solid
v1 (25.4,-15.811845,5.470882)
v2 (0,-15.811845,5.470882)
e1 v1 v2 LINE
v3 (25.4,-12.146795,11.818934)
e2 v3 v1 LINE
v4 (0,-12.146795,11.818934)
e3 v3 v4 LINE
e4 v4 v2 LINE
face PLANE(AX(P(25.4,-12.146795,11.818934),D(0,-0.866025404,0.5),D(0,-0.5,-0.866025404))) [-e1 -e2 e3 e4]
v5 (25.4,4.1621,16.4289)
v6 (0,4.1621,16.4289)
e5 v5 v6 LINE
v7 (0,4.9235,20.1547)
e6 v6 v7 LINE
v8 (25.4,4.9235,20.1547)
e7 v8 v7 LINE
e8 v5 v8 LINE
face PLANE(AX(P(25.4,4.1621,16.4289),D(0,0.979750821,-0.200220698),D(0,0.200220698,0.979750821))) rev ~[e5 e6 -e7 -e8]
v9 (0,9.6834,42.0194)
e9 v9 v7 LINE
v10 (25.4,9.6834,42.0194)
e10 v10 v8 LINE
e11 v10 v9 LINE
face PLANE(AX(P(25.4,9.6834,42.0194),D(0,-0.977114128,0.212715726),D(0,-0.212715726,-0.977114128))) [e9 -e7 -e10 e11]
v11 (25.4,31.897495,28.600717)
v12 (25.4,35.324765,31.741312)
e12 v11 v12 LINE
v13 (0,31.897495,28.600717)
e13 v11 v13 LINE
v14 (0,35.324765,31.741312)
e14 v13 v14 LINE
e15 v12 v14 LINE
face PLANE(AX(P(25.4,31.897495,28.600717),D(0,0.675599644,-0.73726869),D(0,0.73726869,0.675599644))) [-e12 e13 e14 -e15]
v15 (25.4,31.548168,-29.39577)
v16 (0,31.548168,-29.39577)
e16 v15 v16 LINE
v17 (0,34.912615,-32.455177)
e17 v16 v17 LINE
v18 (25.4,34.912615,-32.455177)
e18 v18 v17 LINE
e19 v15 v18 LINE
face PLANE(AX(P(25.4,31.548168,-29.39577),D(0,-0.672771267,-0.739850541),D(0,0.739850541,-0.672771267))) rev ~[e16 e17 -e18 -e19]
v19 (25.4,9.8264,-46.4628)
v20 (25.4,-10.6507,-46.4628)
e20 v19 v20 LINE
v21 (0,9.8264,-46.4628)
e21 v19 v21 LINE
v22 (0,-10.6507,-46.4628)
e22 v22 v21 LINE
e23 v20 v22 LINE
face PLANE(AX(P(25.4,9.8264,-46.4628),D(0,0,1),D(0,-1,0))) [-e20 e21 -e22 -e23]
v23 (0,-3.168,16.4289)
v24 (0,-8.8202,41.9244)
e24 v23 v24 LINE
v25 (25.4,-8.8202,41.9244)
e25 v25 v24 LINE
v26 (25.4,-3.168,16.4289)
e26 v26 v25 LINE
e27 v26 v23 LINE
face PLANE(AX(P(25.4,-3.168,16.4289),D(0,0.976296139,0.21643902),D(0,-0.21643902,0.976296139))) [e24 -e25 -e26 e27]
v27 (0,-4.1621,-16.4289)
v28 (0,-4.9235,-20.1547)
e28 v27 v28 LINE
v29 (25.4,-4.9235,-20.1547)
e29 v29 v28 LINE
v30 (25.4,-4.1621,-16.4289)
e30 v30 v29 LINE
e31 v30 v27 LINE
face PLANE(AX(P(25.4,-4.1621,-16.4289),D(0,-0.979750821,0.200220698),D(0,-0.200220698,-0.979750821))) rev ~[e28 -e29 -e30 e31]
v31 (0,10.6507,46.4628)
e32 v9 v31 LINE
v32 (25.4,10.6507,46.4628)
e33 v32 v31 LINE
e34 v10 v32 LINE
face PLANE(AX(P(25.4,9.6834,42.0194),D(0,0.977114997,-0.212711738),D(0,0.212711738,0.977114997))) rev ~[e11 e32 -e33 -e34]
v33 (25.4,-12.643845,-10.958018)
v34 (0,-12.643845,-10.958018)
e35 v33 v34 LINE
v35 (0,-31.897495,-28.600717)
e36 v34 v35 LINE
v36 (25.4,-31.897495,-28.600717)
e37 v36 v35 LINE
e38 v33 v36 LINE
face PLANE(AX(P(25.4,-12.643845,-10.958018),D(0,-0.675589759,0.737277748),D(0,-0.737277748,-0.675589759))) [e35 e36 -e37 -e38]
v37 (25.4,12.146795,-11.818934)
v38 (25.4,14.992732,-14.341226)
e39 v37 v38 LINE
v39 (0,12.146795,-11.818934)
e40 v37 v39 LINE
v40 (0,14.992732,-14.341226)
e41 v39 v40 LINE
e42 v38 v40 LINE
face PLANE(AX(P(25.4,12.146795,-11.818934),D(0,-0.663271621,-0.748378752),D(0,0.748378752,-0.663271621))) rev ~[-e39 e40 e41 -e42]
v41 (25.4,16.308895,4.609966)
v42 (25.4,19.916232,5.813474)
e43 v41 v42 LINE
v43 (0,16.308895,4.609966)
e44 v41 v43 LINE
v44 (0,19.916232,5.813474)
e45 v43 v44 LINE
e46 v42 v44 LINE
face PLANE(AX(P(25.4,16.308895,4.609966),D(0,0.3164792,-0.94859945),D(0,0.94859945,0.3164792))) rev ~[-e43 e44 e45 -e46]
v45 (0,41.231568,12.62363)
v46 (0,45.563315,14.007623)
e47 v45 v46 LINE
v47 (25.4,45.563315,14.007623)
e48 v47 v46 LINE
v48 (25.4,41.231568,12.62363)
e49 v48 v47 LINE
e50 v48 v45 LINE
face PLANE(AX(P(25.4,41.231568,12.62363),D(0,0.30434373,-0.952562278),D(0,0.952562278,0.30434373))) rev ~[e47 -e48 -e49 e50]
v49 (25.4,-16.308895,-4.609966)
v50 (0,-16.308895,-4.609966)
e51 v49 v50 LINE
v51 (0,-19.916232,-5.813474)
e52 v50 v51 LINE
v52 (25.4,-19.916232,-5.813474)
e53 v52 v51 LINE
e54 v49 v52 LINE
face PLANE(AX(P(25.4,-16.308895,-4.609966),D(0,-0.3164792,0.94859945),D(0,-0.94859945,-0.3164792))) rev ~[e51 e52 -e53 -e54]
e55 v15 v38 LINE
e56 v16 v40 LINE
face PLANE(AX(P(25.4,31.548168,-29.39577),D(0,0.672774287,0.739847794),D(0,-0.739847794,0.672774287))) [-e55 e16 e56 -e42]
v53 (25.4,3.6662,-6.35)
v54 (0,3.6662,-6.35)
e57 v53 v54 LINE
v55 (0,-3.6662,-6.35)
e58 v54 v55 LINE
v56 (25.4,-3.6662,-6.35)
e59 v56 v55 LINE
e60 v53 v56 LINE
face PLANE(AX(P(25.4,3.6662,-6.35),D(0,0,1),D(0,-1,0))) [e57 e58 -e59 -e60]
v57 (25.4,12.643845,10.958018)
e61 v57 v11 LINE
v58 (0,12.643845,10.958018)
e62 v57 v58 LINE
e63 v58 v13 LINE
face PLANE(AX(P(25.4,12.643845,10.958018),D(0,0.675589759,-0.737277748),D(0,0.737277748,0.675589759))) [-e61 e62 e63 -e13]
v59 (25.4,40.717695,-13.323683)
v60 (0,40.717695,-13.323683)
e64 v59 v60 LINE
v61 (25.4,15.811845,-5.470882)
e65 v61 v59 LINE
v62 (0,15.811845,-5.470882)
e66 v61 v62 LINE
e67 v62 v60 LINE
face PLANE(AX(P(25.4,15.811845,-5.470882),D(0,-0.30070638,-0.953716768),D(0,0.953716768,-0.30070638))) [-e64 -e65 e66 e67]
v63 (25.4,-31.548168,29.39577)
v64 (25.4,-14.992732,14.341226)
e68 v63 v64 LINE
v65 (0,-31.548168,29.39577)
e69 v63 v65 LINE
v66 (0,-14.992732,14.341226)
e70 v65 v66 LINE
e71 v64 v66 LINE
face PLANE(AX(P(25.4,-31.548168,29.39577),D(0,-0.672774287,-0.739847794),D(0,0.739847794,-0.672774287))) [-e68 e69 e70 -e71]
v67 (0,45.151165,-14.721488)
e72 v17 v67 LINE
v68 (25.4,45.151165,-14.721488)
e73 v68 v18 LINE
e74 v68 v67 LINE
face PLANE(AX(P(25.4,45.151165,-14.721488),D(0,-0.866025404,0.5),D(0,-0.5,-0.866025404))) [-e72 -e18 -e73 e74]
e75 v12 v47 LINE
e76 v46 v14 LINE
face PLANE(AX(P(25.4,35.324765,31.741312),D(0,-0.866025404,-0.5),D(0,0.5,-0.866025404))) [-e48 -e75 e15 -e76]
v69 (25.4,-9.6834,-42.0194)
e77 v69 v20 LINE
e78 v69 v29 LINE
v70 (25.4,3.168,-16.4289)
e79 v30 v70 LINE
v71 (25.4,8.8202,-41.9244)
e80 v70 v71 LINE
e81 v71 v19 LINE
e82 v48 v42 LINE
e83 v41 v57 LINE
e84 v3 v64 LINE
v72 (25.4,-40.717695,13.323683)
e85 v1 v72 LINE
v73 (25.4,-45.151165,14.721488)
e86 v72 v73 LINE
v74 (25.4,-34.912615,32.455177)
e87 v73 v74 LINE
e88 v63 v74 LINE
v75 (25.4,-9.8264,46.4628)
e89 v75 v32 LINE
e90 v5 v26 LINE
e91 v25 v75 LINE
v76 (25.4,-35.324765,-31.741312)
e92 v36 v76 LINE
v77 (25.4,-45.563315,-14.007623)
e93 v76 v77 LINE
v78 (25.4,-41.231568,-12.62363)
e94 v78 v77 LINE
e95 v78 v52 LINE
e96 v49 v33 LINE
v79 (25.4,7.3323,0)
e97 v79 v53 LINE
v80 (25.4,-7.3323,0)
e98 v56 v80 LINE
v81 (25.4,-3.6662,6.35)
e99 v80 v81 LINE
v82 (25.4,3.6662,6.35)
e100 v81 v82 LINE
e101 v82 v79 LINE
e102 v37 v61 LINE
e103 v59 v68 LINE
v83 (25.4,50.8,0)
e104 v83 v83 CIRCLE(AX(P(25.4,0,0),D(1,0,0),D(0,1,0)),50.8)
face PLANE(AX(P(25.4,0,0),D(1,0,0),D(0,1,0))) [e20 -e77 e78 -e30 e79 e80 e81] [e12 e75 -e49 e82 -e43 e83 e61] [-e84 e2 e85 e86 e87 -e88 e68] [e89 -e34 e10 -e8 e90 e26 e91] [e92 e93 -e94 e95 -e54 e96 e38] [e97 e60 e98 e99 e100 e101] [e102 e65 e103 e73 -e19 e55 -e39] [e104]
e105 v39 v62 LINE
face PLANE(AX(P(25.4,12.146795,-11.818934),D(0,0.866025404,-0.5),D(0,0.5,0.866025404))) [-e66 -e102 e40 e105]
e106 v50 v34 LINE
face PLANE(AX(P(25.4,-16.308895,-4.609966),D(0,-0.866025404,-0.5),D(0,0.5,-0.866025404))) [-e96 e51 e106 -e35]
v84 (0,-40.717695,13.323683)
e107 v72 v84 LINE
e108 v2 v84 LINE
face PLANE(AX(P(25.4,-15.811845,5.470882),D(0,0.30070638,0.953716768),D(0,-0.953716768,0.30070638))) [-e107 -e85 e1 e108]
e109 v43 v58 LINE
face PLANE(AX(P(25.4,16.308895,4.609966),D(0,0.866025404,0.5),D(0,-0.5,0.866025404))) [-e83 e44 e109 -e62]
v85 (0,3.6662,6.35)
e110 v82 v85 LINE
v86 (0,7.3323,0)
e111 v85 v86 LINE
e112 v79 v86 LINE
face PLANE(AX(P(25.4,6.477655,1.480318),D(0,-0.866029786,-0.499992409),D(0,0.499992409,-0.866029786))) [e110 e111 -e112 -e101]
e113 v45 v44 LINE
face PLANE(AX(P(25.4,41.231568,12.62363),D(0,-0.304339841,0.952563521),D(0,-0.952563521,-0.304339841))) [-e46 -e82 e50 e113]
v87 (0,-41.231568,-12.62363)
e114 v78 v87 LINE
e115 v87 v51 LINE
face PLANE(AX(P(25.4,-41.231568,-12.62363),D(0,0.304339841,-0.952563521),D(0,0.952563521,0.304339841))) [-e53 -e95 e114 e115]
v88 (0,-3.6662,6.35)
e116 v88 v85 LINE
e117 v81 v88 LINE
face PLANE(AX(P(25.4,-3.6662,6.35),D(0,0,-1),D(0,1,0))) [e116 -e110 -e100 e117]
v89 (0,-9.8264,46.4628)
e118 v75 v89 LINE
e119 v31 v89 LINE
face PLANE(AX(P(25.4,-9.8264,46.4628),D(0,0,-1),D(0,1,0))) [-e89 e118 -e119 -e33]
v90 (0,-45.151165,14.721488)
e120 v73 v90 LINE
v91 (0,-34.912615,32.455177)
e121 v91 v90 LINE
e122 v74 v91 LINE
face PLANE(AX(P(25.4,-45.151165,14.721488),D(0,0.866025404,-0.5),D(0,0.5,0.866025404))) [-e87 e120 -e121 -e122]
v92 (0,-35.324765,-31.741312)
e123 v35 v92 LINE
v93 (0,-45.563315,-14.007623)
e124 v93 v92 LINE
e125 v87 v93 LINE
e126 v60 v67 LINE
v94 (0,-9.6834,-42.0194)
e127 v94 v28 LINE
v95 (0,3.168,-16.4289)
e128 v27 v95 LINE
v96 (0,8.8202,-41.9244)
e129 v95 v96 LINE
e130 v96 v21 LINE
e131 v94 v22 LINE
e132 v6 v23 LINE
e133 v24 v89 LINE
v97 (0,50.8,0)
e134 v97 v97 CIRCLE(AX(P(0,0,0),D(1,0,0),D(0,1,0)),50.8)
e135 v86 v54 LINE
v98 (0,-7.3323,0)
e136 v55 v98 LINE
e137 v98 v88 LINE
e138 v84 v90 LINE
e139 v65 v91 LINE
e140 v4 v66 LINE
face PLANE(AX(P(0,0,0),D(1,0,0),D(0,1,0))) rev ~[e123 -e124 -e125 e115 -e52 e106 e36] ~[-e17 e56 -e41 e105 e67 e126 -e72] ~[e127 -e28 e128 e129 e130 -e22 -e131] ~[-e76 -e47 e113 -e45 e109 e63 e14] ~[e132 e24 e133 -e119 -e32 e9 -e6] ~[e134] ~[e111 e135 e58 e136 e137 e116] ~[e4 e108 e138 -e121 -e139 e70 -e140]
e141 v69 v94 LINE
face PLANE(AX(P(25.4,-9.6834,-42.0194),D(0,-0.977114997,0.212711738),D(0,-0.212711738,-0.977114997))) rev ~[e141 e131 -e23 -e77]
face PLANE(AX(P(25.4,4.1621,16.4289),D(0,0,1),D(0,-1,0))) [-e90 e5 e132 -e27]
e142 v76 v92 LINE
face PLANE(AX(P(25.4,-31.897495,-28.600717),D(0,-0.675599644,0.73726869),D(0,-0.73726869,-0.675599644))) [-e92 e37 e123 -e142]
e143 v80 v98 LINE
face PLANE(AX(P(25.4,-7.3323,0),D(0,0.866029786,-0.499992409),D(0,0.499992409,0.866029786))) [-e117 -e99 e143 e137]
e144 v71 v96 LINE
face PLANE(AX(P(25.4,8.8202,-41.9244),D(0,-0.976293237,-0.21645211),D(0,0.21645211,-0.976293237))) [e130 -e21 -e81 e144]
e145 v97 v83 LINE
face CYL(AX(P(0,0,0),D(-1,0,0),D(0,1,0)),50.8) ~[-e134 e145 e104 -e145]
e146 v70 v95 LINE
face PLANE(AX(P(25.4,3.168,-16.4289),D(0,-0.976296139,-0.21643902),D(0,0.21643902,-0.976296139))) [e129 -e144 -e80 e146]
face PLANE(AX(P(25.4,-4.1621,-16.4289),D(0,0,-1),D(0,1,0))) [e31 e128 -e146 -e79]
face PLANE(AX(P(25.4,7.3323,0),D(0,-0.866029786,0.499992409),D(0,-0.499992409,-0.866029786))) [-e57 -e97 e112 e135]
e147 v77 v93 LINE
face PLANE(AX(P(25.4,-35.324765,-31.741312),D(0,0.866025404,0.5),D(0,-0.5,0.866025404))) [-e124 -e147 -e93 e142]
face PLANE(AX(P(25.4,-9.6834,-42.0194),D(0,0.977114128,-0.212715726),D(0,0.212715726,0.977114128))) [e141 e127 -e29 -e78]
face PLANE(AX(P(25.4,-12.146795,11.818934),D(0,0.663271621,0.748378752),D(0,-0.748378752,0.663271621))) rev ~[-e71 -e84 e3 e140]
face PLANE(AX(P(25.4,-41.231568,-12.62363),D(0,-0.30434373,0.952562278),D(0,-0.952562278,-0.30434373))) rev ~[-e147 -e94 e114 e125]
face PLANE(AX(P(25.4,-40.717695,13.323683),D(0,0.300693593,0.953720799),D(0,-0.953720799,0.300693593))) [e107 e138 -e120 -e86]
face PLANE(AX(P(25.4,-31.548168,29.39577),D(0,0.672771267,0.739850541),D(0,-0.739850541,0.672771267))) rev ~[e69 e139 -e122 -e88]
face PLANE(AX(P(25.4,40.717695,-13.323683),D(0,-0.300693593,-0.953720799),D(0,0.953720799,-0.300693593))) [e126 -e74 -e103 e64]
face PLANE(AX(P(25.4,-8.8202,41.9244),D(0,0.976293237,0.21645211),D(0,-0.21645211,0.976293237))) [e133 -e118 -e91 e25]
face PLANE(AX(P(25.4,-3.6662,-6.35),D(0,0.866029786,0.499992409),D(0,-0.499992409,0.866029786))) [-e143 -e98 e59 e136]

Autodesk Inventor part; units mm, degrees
ref_plane "YZ Plane" through (0, 0, 0) normal (1, 0, 0) x (0, 1, 0)
ref_plane "XZ Plane" through (0, 0, 0) normal (0, 1, 0) x (-1, 0, 0)
ref_plane "XY Plane" through (0, 0, 0) normal (0, 0, 1) x (1, 0, 0)
sketch "Sketch1" plane through (0, 0, 0) normal (1, 0, 0) x (0, 1, 0)
  circle A0 centre (0, 0) radius 50.8
  dimension "d16" = 101.6
extrude "Extrusion1" add sketch "Sketch1" along normal blind 25.4
sketch "Sketch2" plane through (25.4, 0, 0) normal (1, 0, 0) x (0, 0, -1)
  circle A0 centre (0, 0) radius 50.8
  circle A1 centre (0, 0) radius 25.4
  line L0 (6.35, 3.6662) -> (6.35, -3.6662)
  line L1 (6.35, -3.6662) -> (0, -7.3323)
  line L2 (0, -7.3323) -> (-6.35, -3.6662)
  line L3 (-6.35, -3.6662) -> (-6.35, 3.6662)
  line L4 (-6.35, 3.6662) -> (0, 7.3323)
  line L5 (0, 7.3323) -> (6.35, 3.6662)
  circle A2 centre (0, 0) radius 44.45
  line L6 (0, 0) -> (-11.3174, 49.5233)
  circle A3 centre (0, 0) radius 50.8 projected
  line L7 (0, 0) -> (10.4532, 49.7129)
  arc A4 (9.1466, 43.4988) -> (-9.9027, 43.3329) centre (0, 0) ccw
  point P0 (5.2266, 24.8564)
  point P1 (-5.6587, 24.7616)
  dimension "d3" = 25.4
  dimension "d4" = 6.35
  dimension "d5" = 0
  dimension "d8" = 6.35
  dimension "d9" = 19.05
  dimension "d10" = 0
extrude "Extrusion4" cut sketch "Sketch2" against normal through all contours L7 L6 L4 L5 | L5 L0 L1 L2 L3 L4 L6 L7
sketch "Sketch3" plane through (25.4, 0, 0) normal (1, 0, 0) x (0, 0, -1)
  circle A0 centre (0, 0) radius 50.8 projected
  line L0 (-46.4628, -9.6079) -> (-46.4628, 9.6097)
  line L1 (-16.4289, -3.168) -> (-41.9244, -8.8202)
  line L2 (-42.0194, 9.6834) -> (-20.1547, 4.9235)
  line L3 (-16.4289, 4.1621) -> (-16.4289, -3.168)
  line L4 (-16.4289, 4.1621) -> (-20.1547, 4.9235)
  line L5 (-42.0194, 9.6834) -> (-46.4628, 10.6507)
  line L6 (-46.4628, 10.6507) -> (-46.4628, 9.6097)
  line L7 (-41.9244, -8.8202) -> (-46.4628, -9.8264)
  line L8 (-46.4628, -9.8264) -> (-46.4628, -9.6079)
extrude "Extrusion5" cut sketch "Sketch3" against normal through all contours L0 L6 L5 L2 L4 L3 L1 L7 L8
pattern_circular "Circular Pattern2" count 6 over 360 about axis through (0, 0, 0) along (1, 0, 0) of "Extrusion5"
properties part number "part_4 in. Compliance Wheel" material "ABS Plastic"
